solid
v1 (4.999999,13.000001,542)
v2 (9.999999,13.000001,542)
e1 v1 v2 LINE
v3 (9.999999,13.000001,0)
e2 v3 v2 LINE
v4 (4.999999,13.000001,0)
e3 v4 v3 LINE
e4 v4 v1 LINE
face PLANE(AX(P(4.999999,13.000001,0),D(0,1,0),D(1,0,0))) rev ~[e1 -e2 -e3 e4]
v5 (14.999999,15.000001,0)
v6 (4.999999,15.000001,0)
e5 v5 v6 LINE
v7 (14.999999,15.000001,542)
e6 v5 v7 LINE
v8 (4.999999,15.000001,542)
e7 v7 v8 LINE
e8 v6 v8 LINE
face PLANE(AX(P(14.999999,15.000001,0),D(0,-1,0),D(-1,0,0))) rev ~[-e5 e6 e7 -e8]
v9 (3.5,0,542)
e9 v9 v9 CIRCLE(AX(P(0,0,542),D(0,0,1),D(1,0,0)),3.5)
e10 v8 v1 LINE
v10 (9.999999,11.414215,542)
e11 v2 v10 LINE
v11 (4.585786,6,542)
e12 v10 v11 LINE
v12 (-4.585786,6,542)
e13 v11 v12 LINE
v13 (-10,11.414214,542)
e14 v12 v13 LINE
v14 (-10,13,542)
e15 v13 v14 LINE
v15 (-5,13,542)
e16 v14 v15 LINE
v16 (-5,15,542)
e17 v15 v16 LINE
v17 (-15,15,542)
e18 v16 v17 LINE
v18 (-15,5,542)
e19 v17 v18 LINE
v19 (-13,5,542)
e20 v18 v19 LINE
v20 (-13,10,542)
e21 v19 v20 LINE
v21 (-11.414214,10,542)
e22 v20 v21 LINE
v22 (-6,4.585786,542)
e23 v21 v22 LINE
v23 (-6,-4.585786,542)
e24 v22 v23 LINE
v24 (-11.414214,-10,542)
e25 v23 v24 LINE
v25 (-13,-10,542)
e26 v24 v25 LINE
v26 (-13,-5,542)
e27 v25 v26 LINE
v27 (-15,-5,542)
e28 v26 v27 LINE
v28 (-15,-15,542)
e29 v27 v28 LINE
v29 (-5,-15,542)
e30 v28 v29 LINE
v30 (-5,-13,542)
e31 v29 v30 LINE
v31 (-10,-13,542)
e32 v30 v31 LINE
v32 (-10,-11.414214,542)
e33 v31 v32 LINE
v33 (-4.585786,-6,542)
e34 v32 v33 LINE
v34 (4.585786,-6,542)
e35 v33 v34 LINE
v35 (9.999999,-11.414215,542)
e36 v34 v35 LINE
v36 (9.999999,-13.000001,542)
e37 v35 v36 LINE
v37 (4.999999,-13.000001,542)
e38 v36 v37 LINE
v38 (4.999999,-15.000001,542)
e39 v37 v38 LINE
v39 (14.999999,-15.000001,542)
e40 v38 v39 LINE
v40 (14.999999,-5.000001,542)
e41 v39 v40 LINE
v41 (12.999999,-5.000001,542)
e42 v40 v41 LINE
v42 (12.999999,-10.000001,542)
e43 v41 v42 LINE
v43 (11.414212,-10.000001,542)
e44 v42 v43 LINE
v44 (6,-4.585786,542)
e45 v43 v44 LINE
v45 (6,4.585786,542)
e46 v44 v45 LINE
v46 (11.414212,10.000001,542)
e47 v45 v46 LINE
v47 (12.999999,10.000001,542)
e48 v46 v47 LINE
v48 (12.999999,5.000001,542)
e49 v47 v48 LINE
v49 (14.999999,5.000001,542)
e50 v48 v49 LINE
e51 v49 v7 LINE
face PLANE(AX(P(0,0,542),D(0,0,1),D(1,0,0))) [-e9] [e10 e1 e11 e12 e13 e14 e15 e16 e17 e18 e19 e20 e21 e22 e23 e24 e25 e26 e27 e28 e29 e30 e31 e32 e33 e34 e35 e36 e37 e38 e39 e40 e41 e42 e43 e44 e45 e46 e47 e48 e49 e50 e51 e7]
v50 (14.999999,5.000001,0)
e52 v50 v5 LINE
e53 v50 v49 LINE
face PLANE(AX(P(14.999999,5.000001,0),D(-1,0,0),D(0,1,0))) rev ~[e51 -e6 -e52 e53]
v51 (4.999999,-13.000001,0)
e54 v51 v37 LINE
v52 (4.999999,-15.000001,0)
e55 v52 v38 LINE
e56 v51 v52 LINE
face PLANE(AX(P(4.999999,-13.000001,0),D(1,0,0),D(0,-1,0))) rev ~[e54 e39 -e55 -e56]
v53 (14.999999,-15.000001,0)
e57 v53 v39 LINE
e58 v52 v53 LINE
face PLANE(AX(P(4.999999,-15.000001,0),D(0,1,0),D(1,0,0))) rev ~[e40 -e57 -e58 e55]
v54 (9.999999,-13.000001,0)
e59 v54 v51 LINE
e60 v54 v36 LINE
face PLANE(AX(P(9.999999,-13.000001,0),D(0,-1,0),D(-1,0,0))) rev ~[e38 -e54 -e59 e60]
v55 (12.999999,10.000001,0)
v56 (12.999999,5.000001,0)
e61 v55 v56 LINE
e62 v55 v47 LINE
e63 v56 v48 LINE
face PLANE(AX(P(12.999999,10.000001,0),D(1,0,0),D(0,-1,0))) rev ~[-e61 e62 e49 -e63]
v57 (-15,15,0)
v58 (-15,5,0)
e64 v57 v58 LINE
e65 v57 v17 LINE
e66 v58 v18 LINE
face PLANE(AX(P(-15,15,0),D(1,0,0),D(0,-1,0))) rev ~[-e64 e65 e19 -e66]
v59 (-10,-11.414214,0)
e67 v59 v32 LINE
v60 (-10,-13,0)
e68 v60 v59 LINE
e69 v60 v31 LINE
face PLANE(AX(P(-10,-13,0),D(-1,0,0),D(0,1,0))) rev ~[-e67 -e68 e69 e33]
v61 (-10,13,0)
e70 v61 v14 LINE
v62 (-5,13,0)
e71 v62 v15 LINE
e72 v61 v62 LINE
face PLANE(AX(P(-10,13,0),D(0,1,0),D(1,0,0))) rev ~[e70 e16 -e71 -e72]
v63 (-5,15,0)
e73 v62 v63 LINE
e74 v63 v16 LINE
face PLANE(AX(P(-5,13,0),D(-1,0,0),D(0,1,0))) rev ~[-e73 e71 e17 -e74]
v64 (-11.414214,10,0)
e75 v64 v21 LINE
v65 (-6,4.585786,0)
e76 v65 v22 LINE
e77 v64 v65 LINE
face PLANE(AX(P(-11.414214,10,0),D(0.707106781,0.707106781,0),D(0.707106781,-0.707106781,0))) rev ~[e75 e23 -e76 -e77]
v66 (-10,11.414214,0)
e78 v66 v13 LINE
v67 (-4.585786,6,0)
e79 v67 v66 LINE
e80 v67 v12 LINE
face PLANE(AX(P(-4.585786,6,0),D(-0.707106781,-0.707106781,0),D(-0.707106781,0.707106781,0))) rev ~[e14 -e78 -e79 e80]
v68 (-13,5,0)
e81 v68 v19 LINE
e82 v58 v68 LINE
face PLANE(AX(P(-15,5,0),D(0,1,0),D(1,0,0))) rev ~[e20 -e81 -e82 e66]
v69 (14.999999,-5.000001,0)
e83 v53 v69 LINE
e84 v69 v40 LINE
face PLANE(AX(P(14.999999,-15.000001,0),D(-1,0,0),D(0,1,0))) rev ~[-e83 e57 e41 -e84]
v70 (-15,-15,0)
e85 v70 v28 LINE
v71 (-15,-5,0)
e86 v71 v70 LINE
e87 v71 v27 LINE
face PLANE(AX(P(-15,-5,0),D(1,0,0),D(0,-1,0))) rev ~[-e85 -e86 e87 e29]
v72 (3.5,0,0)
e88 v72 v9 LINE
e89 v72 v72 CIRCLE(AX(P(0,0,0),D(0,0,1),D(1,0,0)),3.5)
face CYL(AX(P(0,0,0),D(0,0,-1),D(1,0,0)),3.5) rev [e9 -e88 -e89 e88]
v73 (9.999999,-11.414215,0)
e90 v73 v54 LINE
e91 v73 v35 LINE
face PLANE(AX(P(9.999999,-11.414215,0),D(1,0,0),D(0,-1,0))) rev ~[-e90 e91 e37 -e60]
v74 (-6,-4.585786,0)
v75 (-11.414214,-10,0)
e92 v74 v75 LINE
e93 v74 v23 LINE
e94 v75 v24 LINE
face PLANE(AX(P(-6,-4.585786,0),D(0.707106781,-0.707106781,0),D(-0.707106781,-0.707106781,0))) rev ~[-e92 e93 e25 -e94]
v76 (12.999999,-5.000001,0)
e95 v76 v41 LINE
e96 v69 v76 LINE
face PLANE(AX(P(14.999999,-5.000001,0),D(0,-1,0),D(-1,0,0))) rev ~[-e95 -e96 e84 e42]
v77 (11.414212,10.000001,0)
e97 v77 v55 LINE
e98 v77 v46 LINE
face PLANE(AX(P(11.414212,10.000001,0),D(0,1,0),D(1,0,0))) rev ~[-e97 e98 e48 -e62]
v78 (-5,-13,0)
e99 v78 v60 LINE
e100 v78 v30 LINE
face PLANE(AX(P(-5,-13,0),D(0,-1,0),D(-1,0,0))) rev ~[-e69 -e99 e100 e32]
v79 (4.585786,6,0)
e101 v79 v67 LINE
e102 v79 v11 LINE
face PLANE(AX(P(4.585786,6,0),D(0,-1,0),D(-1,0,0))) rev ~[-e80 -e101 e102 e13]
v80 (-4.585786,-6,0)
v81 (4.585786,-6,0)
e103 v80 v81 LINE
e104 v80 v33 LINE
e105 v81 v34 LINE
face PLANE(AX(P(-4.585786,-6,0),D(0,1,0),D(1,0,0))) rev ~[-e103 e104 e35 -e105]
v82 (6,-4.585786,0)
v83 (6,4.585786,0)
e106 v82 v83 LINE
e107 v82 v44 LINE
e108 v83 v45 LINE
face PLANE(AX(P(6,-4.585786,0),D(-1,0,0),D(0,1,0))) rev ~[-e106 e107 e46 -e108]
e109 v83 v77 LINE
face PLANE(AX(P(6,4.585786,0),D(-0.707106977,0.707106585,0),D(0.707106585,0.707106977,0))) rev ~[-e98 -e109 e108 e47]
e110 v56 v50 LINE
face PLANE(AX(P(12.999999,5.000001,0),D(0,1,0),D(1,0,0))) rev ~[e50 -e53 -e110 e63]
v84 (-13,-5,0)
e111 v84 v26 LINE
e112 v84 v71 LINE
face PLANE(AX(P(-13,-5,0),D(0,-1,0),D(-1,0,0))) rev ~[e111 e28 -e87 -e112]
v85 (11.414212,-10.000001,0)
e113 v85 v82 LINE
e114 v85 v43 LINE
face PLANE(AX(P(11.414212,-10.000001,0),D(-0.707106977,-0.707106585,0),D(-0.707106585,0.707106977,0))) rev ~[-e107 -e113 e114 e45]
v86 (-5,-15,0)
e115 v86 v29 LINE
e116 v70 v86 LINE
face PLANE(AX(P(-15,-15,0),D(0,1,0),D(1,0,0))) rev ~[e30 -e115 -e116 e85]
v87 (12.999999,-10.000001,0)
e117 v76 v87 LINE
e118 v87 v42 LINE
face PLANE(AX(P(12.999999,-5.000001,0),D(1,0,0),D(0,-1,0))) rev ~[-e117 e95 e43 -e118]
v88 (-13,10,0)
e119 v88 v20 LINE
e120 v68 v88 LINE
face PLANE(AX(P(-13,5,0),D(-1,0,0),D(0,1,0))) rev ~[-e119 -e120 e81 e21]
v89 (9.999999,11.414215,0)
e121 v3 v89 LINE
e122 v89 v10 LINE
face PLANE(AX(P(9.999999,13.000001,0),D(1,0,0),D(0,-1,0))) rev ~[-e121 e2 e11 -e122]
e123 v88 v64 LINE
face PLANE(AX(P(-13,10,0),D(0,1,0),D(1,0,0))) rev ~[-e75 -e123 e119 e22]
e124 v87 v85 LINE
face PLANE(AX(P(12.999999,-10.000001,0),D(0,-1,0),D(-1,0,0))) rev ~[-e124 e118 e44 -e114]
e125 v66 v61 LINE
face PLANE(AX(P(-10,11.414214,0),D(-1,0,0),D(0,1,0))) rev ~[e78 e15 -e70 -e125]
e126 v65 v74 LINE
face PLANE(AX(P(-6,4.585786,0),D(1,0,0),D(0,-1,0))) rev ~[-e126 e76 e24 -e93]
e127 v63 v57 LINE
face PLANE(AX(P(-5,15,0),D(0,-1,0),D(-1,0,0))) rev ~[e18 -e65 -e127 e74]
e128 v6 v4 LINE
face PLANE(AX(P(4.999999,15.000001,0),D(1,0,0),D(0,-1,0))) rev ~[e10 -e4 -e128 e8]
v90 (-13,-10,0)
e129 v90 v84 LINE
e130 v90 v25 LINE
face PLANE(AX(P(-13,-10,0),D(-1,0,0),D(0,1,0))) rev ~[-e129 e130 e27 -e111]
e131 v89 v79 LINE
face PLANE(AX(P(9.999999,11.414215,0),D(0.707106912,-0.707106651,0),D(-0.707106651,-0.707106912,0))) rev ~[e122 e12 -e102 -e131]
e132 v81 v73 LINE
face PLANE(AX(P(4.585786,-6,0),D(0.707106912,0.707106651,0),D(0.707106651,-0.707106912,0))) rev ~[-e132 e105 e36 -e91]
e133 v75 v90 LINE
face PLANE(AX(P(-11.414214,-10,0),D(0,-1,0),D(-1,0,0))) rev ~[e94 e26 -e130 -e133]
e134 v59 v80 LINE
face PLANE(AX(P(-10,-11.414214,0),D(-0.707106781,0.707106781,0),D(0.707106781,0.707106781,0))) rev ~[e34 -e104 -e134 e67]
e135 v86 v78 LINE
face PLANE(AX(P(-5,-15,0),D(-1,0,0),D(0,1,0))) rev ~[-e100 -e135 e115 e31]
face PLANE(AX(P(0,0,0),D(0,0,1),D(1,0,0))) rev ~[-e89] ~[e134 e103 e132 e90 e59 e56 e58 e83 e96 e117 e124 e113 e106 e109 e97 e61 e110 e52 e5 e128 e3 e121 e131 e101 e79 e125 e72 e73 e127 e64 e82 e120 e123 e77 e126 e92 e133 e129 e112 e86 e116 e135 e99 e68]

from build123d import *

# Parameters (mm, degrees)
F0_R     = 3.5
F1_DEPTH = 542


with BuildPart() as f1:
    # F0 (on Top) → F1 (new body)
    with BuildSketch(Plane.XY):
        Polygon((4.585786, 6), (-4.585786, 6), (-10, 11.414214), (-10, 13), (-5, 13), (-5, 15), (-15, 15), (-15, 5), (-13, 5), (-13, 10), (-11.414214, 10), (-6, 4.585786), (-6, -4.585786), (-11.414214, -10), (-13, -10), (-13, -5), (-15, -5), (-15, -15), (-5, -15), (-5, -13), (-10, -13), (-10, -11.414214), (-4.585786, -6), (4.585786, -6), (9.999999, -11.414215), (9.999999, -13.000001), (4.999999, -13.000001), (4.999999, -15.000001), (14.999999, -15.000001), (14.999999, -5.000001), (12.999999, -5.000001), (12.999999, -10.000001), (11.414212, -10.000001), (6, -4.585786), (6, 4.585786), (11.414212, 10.000001), (12.999999, 10.000001), (12.999999, 5.000001), (14.999999, 5.000001), (14.999999, 15.000001), (4.999999, 15.000001), (4.999999, 13.000001), (9.999999, 13.000001), (9.999999, 11.414215), align=None)
        Circle(F0_R, mode=Mode.SUBTRACT)
    extrude(amount=F1_DEPTH)


solid = f1.part
